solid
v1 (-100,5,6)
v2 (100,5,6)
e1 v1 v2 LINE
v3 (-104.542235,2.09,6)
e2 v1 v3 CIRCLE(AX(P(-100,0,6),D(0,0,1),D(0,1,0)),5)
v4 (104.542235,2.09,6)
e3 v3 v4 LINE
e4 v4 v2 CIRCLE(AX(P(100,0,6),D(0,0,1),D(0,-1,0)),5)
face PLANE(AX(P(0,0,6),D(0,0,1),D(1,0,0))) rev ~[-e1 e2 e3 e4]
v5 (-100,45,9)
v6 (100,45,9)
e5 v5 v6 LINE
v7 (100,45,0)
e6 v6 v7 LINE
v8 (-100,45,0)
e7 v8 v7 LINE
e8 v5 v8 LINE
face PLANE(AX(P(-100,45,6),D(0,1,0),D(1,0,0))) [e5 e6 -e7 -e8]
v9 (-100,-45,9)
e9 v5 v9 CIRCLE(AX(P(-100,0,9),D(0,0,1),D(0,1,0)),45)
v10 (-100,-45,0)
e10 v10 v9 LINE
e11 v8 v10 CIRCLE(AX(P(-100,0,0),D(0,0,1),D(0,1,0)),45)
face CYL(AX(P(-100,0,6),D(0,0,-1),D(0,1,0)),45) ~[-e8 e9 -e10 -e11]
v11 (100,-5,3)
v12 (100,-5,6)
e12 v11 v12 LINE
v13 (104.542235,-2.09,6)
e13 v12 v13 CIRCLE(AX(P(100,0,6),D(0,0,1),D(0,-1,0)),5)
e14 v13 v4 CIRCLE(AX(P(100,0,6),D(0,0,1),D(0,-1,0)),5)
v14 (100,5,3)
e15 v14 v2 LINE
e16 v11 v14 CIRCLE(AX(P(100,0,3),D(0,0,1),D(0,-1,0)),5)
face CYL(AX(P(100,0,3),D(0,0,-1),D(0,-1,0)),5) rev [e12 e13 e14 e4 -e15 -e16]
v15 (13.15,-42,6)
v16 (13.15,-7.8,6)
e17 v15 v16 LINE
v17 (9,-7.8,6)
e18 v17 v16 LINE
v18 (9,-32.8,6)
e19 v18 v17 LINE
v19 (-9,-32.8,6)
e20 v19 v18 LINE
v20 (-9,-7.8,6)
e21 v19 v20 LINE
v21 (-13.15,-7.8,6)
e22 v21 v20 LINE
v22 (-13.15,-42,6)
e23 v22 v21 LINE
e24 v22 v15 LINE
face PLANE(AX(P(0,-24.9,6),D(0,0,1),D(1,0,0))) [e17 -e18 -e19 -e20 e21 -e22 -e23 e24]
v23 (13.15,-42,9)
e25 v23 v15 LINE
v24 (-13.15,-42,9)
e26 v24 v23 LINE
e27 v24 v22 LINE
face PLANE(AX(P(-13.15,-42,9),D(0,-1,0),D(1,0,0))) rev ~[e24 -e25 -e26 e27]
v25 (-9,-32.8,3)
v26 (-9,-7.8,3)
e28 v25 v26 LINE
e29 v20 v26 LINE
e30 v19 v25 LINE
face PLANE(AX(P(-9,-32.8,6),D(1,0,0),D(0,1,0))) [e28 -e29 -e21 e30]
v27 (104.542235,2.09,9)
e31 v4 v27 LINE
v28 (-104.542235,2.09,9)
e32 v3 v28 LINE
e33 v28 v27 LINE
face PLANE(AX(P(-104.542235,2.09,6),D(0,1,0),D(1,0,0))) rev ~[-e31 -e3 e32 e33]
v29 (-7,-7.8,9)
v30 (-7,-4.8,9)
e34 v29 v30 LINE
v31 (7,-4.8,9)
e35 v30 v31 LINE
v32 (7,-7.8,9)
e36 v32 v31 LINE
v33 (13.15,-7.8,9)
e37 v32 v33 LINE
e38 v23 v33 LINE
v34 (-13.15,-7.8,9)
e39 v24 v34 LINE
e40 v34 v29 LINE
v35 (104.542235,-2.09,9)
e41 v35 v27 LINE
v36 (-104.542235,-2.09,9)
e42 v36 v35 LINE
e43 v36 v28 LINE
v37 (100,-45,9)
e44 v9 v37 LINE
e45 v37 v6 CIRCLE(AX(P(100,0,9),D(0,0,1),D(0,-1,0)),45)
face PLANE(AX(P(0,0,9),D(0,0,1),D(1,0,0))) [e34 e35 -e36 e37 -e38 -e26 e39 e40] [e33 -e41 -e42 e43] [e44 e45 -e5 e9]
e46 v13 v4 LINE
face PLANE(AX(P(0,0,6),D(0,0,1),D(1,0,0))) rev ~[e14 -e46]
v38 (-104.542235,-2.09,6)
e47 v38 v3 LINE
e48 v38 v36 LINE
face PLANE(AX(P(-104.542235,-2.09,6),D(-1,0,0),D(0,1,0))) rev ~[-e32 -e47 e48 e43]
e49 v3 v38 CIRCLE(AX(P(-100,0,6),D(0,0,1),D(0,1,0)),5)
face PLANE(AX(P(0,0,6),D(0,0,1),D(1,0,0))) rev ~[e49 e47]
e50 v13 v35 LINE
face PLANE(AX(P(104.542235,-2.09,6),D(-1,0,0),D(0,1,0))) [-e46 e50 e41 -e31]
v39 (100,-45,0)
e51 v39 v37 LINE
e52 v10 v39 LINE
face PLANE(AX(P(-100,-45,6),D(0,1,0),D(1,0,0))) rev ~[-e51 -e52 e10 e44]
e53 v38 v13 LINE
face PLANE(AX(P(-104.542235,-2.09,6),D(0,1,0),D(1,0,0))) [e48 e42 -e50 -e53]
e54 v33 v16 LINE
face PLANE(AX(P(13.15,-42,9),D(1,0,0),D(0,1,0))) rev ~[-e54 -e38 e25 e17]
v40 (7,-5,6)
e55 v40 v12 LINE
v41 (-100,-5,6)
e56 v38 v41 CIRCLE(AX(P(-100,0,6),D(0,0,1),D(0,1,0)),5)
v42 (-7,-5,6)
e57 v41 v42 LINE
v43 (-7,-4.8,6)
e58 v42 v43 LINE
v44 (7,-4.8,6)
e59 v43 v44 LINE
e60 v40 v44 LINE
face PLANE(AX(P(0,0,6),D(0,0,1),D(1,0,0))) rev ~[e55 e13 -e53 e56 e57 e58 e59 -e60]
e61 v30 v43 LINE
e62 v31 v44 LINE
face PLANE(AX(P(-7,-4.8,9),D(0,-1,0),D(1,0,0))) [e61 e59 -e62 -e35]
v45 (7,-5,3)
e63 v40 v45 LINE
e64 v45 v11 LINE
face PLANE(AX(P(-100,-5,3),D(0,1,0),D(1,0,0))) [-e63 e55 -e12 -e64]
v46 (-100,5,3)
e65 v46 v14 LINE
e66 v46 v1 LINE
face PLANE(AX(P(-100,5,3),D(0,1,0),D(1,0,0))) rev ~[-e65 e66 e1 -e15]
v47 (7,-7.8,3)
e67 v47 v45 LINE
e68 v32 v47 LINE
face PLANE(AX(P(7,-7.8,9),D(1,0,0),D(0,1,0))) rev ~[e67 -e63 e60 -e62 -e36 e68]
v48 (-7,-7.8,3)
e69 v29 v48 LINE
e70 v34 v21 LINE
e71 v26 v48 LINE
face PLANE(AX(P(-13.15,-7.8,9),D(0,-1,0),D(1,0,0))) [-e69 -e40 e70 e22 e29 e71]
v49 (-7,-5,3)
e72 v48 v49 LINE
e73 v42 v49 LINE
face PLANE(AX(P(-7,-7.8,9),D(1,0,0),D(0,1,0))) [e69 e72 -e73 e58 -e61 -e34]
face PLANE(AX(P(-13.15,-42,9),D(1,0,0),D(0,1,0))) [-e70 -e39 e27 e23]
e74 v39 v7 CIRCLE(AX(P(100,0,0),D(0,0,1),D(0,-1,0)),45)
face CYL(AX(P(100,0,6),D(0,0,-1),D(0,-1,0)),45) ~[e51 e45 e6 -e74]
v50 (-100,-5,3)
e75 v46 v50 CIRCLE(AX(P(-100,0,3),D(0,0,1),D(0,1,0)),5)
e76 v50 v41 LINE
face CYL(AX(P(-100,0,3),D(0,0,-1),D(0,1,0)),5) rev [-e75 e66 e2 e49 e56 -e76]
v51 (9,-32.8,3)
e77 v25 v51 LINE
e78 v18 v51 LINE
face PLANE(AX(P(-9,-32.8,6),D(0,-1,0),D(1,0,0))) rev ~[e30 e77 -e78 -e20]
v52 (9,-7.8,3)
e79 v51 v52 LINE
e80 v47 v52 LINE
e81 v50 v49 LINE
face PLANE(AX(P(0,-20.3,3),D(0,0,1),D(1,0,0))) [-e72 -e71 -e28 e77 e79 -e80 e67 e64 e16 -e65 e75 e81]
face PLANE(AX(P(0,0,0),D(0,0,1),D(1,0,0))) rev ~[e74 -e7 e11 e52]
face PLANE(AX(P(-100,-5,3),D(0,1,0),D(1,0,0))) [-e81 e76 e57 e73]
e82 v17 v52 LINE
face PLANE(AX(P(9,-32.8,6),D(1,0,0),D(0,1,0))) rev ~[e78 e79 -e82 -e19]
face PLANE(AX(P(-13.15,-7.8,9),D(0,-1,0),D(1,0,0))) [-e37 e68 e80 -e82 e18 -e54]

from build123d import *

# Parameters (mm, degrees)
PAD_DEPTH       = 3
PAD001_DEPTH    = 3
SKETCH002_W     = 209.08447
SKETCH002_H     = 4.18
PAD002_DEPTH    = 3
SKETCH003_W     = 26.3
SKETCH003_H     = 34.2
POCKET_DEPTH    = 3
SKETCH004_W     = 18
SKETCH004_H     = 25
POCKET001_DEPTH = 3
SKETCH005_W     = 14
SKETCH005_H     = 3
POCKET002_DEPTH = 6


with BuildPart() as part:
    # Sketch → Pad (new body)
    with BuildSketch(Plane.XY):
        with BuildLine():
            ThreePointArc((-100, 45), (-145, 0), (-100, -45))
            Line((-100, -45), (100, -45))
            ThreePointArc((100, -45), (145, 0), (100, 45))
            Line((-100, 45), (100, 45))
        make_face()
    extrude(amount=PAD_DEPTH)

    # Sketch001 (on Face6 of Pad) → Pad001 (join)
    with BuildSketch(Plane.XY.offset(3)):
        with BuildLine():
            ThreePointArc((-100, 45), (-145, 0), (-100, -45))
            Line((-100, -45), (100, -45))
            ThreePointArc((100, -45), (145, 0), (100, 45))
            Line((-100, 45), (100, 45))
        make_face()
        with BuildLine():
            ThreePointArc((-100, 5), (-105, 0), (-100, -5))
            Line((-100, -5), (100, -5))
            ThreePointArc((100, -5), (105, 0), (100, 5))
            Line((-100, 5), (100, 5))
        make_face(mode=Mode.SUBTRACT)
    extrude(amount=PAD001_DEPTH)

    # Sketch002 (on Face9 of Pad001) → Pad002 (join)
    with BuildSketch(Plane.XY.offset(6)):
        with BuildLine():
            ThreePointArc((-100, 45), (-145, 0), (-100, -45))
            Line((-100, -45), (100, -45))
            ThreePointArc((100, -45), (145, 0), (100, 45))
            Line((-100, 45), (100, 45))
        make_face()
        Rectangle(SKETCH002_W, SKETCH002_H, mode=Mode.SUBTRACT)
    extrude(amount=PAD002_DEPTH)

    # Sketch003 (on Face13 of Pad002) → Pocket (cut)
    with BuildSketch(Plane.XY.offset(9)):
        with Locations((0, -24.9)):
            Rectangle(SKETCH003_W, SKETCH003_H)
    extrude(amount=-POCKET_DEPTH, mode=Mode.SUBTRACT)

    # Sketch004 (on Face27 of Pocket) → Pocket001 (cut)
    with BuildSketch(Plane.XY.offset(6)):
        with Locations((0, -20.3)):
            Rectangle(SKETCH004_W, SKETCH004_H)
    extrude(amount=-POCKET001_DEPTH, mode=Mode.SUBTRACT)

    # Sketch005 (on Face13 of Pocket001) → Pocket002 (cut)
    with BuildSketch(Plane.XY.offset(9)):
        with Locations((0, -6.3)):
            Rectangle(SKETCH005_W, SKETCH005_H)
    extrude(amount=-POCKET002_DEPTH, mode=Mode.SUBTRACT)


solid = part.part
